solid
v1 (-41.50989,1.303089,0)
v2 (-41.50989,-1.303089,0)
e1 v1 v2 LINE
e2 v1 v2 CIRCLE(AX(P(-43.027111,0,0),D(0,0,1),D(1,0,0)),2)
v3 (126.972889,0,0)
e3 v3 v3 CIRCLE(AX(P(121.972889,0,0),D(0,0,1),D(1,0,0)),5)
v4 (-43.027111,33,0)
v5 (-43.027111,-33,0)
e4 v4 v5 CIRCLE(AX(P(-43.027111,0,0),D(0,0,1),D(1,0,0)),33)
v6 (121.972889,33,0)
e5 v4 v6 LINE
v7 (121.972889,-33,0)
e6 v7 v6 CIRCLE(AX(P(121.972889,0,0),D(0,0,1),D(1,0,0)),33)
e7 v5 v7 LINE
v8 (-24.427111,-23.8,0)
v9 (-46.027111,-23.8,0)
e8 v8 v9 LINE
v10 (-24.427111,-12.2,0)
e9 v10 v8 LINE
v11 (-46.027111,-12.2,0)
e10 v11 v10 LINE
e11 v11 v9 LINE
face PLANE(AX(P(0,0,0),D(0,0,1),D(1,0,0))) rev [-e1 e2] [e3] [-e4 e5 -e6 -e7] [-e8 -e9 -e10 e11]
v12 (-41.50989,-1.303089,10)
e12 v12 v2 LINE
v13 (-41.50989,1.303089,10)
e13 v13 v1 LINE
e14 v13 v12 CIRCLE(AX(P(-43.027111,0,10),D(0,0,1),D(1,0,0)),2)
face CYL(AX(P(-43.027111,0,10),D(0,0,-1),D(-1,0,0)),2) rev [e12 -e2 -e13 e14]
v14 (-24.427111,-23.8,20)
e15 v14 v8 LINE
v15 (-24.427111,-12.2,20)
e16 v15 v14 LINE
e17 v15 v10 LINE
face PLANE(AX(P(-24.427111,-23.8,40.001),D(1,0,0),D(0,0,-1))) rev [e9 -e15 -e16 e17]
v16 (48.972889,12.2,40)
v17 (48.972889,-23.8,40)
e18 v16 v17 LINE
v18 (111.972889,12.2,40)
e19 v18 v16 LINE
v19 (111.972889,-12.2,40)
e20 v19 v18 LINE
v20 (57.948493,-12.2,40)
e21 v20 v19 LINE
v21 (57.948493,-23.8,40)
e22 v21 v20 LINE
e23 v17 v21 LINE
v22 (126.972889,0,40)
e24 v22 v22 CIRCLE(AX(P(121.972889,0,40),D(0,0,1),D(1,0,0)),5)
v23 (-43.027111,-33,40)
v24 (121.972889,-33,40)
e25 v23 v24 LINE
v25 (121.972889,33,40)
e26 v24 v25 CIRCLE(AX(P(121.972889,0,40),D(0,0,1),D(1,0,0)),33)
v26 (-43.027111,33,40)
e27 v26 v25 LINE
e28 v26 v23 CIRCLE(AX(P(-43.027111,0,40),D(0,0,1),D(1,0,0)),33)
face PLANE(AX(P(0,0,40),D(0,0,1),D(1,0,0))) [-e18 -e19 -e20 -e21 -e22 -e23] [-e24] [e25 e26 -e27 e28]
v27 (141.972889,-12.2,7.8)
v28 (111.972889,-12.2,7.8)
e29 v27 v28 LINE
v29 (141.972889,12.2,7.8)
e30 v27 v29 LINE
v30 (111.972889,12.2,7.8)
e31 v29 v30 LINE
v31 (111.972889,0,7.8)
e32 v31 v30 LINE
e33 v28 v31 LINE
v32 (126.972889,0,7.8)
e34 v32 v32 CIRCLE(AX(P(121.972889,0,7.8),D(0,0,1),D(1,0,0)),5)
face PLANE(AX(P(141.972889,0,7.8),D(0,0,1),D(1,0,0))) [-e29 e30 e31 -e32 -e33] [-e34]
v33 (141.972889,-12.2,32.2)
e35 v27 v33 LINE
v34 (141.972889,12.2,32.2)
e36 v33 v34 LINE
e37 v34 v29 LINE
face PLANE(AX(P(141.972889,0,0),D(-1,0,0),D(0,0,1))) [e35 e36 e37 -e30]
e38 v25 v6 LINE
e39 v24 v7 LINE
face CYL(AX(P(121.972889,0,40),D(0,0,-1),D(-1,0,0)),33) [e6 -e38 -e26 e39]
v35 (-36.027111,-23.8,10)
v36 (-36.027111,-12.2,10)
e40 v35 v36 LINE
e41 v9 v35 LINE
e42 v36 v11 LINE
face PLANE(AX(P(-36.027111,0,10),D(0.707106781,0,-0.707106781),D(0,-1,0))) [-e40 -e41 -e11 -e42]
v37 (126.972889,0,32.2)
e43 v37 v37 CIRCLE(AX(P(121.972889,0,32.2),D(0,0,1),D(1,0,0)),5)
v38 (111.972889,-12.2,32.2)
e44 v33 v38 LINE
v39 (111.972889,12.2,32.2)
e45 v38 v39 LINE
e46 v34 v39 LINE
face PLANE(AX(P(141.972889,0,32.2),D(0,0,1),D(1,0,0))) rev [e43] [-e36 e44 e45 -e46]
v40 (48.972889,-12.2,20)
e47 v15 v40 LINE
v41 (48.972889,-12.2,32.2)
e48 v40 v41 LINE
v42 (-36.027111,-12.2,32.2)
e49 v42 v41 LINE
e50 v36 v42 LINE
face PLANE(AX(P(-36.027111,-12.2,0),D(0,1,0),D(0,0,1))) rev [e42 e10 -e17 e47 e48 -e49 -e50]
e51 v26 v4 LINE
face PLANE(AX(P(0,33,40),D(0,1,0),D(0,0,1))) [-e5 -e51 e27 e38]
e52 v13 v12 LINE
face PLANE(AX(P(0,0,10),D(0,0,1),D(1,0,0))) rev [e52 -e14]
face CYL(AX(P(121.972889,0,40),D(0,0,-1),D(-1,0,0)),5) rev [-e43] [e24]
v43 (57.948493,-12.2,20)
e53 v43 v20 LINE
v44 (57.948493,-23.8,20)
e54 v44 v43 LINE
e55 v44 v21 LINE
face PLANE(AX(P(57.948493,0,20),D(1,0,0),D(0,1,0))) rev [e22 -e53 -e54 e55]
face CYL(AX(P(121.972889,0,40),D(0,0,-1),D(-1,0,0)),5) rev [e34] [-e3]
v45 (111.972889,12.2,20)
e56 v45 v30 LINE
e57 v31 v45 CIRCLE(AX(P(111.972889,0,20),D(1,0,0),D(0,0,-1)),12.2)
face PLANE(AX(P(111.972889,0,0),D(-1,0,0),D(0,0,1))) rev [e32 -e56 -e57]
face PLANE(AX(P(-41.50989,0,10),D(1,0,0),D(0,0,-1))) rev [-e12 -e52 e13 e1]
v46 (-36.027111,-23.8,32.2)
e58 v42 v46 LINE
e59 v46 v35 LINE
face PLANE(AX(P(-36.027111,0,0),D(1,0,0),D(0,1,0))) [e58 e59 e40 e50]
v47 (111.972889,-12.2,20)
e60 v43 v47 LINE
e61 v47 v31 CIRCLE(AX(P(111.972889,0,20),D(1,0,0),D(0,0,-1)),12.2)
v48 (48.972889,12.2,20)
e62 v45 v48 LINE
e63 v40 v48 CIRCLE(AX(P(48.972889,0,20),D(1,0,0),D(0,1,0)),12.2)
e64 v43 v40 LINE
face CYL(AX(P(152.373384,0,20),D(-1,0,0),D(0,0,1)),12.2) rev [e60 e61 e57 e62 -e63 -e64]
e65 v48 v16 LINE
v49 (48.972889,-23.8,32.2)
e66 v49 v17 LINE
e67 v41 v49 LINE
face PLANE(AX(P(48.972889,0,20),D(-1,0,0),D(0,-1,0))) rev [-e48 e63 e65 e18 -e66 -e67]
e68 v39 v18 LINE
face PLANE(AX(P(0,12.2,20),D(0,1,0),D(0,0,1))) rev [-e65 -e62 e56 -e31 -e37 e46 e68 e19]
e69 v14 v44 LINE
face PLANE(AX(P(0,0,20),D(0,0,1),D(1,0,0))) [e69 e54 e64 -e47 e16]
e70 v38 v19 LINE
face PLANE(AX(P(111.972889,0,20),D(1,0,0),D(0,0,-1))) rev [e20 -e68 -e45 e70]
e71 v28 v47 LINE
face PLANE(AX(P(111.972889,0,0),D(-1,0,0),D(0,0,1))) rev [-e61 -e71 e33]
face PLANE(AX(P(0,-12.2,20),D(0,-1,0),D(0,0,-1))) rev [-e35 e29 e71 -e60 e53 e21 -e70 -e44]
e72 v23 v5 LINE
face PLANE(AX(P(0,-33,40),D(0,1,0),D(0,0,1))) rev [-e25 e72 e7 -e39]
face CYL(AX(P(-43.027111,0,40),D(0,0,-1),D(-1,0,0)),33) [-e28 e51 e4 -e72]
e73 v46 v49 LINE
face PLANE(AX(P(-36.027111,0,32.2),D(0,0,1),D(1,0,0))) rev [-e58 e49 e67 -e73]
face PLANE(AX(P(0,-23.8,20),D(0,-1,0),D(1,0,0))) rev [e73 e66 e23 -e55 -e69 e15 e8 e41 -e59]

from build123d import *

# Parameters (mm, degrees)
CROQUIS1_R              = 5
SALIENTE_EXTRUIR1_DEPTH = 40
CORTAR_EXTRUIR2_DEPTH   = 10
CORTAR_EXTRUIR4_DEPTH   = 20
CROQUIS6_R              = 12.2
CORTAR_EXTRUIR6_DEPTH   = 63
CROQUIS7_W              = 24.4
CROQUIS7_H              = 24.4
CORTAR_EXTRUIR9_DEPTH   = 30
CROQUIS8_W              = 12.2
CROQUIS8_H              = 11.6
CORTAR_EXTRUIR10_DEPTH  = 85
CORTAR_EXTRUIR11_REACH  = 165.418
CROQUIS9_W              = 11.6
CROQUIS9_H              = 11.6
CHAFL_N1_SIZE           = 10


with BuildPart() as part:
    # Croquis1 → Saliente-Extruir1 (new body)
    with BuildSketch(Plane.XY):
        with BuildLine():
            Line((121.972889038, 33), (-43.027110962, 33))
            ThreePointArc((-43.027110962, 33), (-76.027110962, 0), (-43.027110962, -33))
            Line((-43.027110962, -33), (121.972889038, -33))
            ThreePointArc((121.972889038, -33), (154.972889038, 0), (121.972889038, 33))
        make_face()
        with Locations((121.972889038, 0)):
            Circle(CROQUIS1_R, mode=Mode.SUBTRACT)
    extrude(amount=SALIENTE_EXTRUIR1_DEPTH)

    # Croquis1<4> → Cortar-Extruir2 (cut)
    with BuildSketch(Plane.XY):
        with BuildLine():
            Line((-41.509889959, -1.303088803), (-41.509889959, 1.303088803))
            ThreePointArc((-41.509889959, 1.303088803), (-45.027110962, 0), (-41.509889959, -1.303088803))
        make_face()
    extrude(amount=CORTAR_EXTRUIR2_DEPTH, mode=Mode.SUBTRACT)

    # Croquis5 → Cortar-Extruir4 (cut)
    with BuildSketch(Plane.XY.offset(40)):
        Polygon((111.972889038, -12.2), (111.972889038, 12.2), (48.972889038, 12.2), (48.972889038, -23.8), (57.948493167, -23.8), (57.948493167, -12.2), align=None)
    extrude(amount=-CORTAR_EXTRUIR4_DEPTH, mode=Mode.SUBTRACT)

    # Croquis6 → Cortar-Extruir6 (cut)
    with BuildSketch(Plane(origin=(48.972889038, 0, 0), x_dir=(0, 0, -1), z_dir=(1, 0, 0))):
        with Locations((-20, 0)):
            Circle(CROQUIS6_R)
        with BuildLine():
            ThreePointArc((-20, -12.2), (-32.2, 0), (-20, 12.2))
            Line((-20, 12.2), (-40, 12.2))
            Line((-40, 12.2), (-40, -12.2))
            Line((-40, -12.2), (-20, -12.2))
        make_face()
    extrude(amount=CORTAR_EXTRUIR6_DEPTH, mode=Mode.SUBTRACT)

    # Croquis7 → Cortar-Extruir9 (cut)
    with BuildSketch(Plane.ZY.offset(-111.972889038)):
        with Locations((20, 0)):
            Rectangle(CROQUIS7_W, CROQUIS7_H)
    extrude(amount=-CORTAR_EXTRUIR9_DEPTH, mode=Mode.SUBTRACT)

    # Croquis8 → Cortar-Extruir10 (cut)
    with BuildSketch(Plane(origin=(48.972889038, 0, 0), x_dir=(0, 0, -1), z_dir=(1, 0, 0))):
        with Locations((-26.1, -18)):
            Rectangle(CROQUIS8_W, CROQUIS8_H)
    extrude(amount=-CORTAR_EXTRUIR10_DEPTH, mode=Mode.SUBTRACT)

    # Croquis9 → Cortar-Extruir11 (cut, up to next)
    with BuildSketch(Plane(origin=(0, 0, 0), x_dir=(-1, 0, 0), z_dir=(0, 0, -1)), mode=Mode.PRIVATE) as cortar_extruir11_sk1:
        with Locations((30.227110962, -18)):
            Rectangle(CROQUIS9_W, CROQUIS9_H)
    cortar_extruir11_tool1 = extrude(cortar_extruir11_sk1.sketch, amount=-CORTAR_EXTRUIR11_REACH, mode=Mode.PRIVATE) & part.part
    add(cortar_extruir11_tool1.solids().sort_by_distance((-30.227111, -18, 0))[0], mode=Mode.SUBTRACT)

    # Chaflán1
    chafl_n1_edges = [part.edges().sort_by_distance(p)[0] for p in [
        (-36.027110962, -18, 0),
    ]]
    chamfer(chafl_n1_edges, length=CHAFL_N1_SIZE)


solid = part.part
